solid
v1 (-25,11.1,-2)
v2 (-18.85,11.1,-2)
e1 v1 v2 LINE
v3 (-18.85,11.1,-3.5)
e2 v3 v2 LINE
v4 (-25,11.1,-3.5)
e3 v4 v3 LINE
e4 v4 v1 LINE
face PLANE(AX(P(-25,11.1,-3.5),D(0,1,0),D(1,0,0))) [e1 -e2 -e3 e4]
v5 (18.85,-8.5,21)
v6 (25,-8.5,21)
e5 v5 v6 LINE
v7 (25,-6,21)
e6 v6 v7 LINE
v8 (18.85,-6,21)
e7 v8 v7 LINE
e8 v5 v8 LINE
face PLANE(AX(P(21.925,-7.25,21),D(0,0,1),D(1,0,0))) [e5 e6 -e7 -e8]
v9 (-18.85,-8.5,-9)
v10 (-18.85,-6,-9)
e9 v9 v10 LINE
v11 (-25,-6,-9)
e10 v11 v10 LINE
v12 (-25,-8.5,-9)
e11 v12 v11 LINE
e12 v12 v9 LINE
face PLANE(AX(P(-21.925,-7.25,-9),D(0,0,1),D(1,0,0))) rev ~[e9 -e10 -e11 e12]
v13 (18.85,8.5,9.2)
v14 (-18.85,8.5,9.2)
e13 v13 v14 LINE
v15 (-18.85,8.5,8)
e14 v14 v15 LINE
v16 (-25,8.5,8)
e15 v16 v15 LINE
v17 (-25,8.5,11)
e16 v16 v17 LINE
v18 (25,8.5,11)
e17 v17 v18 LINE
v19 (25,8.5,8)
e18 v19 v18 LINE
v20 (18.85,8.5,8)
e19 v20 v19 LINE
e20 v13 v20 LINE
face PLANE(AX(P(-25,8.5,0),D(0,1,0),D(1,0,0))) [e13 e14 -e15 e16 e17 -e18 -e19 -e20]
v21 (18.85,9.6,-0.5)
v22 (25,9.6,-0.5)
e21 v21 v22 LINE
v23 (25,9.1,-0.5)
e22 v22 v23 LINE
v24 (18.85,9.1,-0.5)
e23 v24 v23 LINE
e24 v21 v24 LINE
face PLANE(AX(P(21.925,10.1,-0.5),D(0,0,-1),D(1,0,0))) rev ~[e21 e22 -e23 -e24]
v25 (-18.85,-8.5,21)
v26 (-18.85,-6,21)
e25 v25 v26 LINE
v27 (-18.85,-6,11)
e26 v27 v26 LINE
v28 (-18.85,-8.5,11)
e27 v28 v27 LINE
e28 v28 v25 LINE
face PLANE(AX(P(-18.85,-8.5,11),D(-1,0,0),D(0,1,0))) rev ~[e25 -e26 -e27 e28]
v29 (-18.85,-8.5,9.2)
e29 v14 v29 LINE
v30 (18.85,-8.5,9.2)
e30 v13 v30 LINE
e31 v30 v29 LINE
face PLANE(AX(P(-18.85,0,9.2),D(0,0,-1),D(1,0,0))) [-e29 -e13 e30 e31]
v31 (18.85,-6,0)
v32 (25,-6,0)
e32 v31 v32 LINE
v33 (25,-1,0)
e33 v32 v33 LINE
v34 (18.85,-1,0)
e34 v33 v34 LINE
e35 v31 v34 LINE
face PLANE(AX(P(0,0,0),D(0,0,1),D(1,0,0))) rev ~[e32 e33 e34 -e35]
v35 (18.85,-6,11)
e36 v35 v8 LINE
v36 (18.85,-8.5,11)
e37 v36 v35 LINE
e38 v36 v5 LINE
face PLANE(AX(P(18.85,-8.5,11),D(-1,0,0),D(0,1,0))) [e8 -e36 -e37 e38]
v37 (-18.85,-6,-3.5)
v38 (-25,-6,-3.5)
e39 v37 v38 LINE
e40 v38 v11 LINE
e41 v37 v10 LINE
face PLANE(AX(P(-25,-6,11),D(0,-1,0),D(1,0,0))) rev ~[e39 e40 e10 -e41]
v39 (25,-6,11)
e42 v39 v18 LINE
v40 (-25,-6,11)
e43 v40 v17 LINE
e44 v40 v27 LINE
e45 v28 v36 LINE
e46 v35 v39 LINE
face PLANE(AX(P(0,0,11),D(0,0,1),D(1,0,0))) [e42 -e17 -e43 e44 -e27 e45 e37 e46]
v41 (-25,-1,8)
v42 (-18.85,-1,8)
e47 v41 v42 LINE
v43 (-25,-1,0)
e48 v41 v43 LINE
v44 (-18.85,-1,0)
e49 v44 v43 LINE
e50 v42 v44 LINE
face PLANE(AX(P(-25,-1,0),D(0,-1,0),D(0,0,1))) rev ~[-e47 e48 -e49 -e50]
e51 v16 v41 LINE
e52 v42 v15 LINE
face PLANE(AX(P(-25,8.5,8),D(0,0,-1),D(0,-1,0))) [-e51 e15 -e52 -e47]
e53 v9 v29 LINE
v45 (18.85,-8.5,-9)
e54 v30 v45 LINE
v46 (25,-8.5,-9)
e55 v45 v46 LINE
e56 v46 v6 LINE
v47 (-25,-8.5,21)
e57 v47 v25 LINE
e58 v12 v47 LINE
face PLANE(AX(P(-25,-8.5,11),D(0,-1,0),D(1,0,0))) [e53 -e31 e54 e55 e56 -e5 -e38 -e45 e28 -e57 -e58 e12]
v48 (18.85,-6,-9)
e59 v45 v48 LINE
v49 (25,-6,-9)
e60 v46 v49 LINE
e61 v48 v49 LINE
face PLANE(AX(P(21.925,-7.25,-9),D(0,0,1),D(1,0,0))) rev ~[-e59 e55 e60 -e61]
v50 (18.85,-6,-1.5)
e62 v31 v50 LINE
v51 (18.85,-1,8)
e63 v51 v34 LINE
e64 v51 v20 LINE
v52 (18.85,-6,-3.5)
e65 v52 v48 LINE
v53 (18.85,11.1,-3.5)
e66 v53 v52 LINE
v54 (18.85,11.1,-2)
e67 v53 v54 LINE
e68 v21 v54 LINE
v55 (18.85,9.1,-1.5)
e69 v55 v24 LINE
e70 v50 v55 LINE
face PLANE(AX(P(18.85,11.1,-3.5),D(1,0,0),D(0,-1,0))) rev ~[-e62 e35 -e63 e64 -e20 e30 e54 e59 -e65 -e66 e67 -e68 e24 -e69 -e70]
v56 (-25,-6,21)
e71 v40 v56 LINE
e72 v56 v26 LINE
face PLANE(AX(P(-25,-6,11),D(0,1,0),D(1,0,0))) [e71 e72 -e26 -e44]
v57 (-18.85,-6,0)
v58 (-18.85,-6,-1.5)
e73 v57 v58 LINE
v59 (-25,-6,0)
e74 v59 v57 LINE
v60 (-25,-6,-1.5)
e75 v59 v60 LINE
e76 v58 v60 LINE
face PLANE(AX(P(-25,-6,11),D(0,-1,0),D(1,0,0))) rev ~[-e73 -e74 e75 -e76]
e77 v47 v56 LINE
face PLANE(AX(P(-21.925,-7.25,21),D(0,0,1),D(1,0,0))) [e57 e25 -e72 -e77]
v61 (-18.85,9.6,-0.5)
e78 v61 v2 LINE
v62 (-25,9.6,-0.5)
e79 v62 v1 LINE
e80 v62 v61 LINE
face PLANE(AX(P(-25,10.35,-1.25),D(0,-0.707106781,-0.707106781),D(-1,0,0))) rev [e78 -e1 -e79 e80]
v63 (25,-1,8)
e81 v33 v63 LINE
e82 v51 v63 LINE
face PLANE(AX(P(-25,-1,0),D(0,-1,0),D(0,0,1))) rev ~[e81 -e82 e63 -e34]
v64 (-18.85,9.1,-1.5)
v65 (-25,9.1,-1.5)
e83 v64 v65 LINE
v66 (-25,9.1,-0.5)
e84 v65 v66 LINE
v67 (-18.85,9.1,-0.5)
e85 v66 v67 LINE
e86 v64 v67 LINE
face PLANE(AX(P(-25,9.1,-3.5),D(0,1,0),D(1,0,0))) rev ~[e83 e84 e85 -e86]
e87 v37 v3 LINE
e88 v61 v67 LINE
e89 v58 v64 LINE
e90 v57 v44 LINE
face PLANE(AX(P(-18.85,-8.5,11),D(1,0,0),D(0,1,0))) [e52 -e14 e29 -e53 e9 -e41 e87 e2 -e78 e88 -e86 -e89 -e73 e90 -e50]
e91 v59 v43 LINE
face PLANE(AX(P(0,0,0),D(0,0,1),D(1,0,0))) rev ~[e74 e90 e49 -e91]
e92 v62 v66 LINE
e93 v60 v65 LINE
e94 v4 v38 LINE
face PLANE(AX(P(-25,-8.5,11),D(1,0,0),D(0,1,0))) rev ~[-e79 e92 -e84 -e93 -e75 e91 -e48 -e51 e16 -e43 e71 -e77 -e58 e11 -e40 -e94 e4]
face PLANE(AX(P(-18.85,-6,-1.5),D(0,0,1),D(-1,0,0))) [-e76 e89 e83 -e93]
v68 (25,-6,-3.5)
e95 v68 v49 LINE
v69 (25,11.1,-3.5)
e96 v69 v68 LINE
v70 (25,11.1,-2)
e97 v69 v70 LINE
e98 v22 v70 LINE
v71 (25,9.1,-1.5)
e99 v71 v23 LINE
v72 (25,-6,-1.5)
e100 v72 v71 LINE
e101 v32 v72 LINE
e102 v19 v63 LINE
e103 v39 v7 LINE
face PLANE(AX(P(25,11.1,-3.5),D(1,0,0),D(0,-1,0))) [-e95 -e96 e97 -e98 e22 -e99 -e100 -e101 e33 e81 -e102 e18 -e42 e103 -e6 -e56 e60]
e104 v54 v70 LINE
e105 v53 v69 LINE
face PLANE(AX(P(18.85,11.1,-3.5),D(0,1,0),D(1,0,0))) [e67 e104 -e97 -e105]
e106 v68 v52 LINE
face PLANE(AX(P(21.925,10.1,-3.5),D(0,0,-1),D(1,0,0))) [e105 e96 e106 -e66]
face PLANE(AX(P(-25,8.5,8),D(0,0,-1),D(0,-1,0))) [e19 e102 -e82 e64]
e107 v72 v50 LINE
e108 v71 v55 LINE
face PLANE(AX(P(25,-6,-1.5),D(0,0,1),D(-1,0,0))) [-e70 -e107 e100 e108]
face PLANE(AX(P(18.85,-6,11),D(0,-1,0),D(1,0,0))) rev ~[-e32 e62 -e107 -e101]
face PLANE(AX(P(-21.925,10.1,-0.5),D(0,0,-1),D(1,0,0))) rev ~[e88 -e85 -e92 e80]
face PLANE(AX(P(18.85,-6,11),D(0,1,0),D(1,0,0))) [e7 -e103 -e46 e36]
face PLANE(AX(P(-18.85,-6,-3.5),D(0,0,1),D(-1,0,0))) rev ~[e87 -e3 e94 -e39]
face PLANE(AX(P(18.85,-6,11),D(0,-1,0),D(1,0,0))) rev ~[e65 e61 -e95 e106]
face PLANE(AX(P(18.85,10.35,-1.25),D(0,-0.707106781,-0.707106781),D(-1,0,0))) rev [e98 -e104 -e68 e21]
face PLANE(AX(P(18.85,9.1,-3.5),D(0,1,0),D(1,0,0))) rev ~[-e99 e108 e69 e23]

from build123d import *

# Parameters (mm, degrees)
F0_W      = 50
F0_H      = 17
F1_DEPTH  = 11
F2_W      = 37.7
F2_H      = 18.4
F3_DEPTH  = 12.5
F5_DEPTH  = 50.001
F6_W      = 6.15
F6_H      = 2.5
F7_DEPTH  = 10
F8_DEPTH  = 20
F9_W      = 6.15
F9_H      = 2
F10_DEPTH = 15.1
F11_W     = 9.5
F11_H     = 8
F12_DEPTH = 50.001
F13_W     = 6.15
F13_H     = 2
F14_DEPTH = 3
F15_SIZE  = 1.5


with BuildPart() as f1:
    # F0 (on Top) → F1 (new body)
    with BuildSketch(Plane.XY):
        Rectangle(F0_W, F0_H)
    extrude(amount=F1_DEPTH)

    # F2 (on Front) → F3 (cut, symmetric)
    with BuildSketch(Plane.XZ):
        Rectangle(F2_W, F2_H)
    extrude(amount=F3_DEPTH, both=True, mode=Mode.SUBTRACT)

    # F4 (on face) → F5 (cut, through all)
    with BuildSketch(Plane.YZ.offset(25)):
        with BuildLine():
            Line((1, 0), (1, 4))
            ThreePointArc((1, 4), (0, 5), (-1, 4))
            Line((-1, 4), (-1, 0))
            Line((-1, 0), (1, 0))
        make_face()
    extrude(amount=-F5_DEPTH, mode=Mode.SUBTRACT)

    # F6 (on face) → F7 (join)
    with BuildSketch(Plane.XY.offset(11)):
        with Locations((-21.925, -7.25)):
            Rectangle(F6_W, F6_H)
        with Locations((21.925, -7.25)):
            Rectangle(F6_W, F6_H)
    extrude(amount=F7_DEPTH)

    # F6 (on face) → F8 (join)
    with BuildSketch(Plane.XY.offset(11)):
        with Locations((-21.925, -7.25)):
            Rectangle(F6_W, F6_H)
        with Locations((21.925, -7.25)):
            Rectangle(F6_W, F6_H)
    extrude(amount=-F8_DEPTH)

    # F9 (on face) → F10 (join)
    with BuildSketch(Plane(origin=(0, -6, 0), x_dir=(-1, 0, 0), z_dir=(0, 1, 0))):
        with Locations((-21.925, -2.5)):
            Rectangle(F9_W, F9_H)
        with Locations((21.925, -2.5)):
            Rectangle(F9_W, F9_H)
    extrude(amount=F10_DEPTH)

    # F11 (on face) → F12 (cut, through all)
    with BuildSketch(Plane(origin=(-25, 0, 0), x_dir=(0, -1, 0), z_dir=(-1, 0, 0))):
        with Locations((-3.75, 4)):
            Rectangle(F11_W, F11_H)
    extrude(amount=-F12_DEPTH, mode=Mode.SUBTRACT)

    # F13 (on face) → F14 (join)
    with BuildSketch(Plane(origin=(0, 0, -3.5), x_dir=(1, 0, 0), z_dir=(0, 0, -1))):
        with Locations((21.925, -10.1)):
            Rectangle(F13_W, F13_H)
        with Locations((-21.925, -10.1)):
            Rectangle(F13_W, F13_H)
    extrude(amount=-F14_DEPTH)

    # F15
    f15_edges = [f1.edges().sort_by_distance(p)[0] for p in [
        (21.925, 11.1, -0.5),
        (-21.925, 11.1, -0.5),
    ]]
    chamfer(f15_edges, length=F15_SIZE)


solid = f1.part
